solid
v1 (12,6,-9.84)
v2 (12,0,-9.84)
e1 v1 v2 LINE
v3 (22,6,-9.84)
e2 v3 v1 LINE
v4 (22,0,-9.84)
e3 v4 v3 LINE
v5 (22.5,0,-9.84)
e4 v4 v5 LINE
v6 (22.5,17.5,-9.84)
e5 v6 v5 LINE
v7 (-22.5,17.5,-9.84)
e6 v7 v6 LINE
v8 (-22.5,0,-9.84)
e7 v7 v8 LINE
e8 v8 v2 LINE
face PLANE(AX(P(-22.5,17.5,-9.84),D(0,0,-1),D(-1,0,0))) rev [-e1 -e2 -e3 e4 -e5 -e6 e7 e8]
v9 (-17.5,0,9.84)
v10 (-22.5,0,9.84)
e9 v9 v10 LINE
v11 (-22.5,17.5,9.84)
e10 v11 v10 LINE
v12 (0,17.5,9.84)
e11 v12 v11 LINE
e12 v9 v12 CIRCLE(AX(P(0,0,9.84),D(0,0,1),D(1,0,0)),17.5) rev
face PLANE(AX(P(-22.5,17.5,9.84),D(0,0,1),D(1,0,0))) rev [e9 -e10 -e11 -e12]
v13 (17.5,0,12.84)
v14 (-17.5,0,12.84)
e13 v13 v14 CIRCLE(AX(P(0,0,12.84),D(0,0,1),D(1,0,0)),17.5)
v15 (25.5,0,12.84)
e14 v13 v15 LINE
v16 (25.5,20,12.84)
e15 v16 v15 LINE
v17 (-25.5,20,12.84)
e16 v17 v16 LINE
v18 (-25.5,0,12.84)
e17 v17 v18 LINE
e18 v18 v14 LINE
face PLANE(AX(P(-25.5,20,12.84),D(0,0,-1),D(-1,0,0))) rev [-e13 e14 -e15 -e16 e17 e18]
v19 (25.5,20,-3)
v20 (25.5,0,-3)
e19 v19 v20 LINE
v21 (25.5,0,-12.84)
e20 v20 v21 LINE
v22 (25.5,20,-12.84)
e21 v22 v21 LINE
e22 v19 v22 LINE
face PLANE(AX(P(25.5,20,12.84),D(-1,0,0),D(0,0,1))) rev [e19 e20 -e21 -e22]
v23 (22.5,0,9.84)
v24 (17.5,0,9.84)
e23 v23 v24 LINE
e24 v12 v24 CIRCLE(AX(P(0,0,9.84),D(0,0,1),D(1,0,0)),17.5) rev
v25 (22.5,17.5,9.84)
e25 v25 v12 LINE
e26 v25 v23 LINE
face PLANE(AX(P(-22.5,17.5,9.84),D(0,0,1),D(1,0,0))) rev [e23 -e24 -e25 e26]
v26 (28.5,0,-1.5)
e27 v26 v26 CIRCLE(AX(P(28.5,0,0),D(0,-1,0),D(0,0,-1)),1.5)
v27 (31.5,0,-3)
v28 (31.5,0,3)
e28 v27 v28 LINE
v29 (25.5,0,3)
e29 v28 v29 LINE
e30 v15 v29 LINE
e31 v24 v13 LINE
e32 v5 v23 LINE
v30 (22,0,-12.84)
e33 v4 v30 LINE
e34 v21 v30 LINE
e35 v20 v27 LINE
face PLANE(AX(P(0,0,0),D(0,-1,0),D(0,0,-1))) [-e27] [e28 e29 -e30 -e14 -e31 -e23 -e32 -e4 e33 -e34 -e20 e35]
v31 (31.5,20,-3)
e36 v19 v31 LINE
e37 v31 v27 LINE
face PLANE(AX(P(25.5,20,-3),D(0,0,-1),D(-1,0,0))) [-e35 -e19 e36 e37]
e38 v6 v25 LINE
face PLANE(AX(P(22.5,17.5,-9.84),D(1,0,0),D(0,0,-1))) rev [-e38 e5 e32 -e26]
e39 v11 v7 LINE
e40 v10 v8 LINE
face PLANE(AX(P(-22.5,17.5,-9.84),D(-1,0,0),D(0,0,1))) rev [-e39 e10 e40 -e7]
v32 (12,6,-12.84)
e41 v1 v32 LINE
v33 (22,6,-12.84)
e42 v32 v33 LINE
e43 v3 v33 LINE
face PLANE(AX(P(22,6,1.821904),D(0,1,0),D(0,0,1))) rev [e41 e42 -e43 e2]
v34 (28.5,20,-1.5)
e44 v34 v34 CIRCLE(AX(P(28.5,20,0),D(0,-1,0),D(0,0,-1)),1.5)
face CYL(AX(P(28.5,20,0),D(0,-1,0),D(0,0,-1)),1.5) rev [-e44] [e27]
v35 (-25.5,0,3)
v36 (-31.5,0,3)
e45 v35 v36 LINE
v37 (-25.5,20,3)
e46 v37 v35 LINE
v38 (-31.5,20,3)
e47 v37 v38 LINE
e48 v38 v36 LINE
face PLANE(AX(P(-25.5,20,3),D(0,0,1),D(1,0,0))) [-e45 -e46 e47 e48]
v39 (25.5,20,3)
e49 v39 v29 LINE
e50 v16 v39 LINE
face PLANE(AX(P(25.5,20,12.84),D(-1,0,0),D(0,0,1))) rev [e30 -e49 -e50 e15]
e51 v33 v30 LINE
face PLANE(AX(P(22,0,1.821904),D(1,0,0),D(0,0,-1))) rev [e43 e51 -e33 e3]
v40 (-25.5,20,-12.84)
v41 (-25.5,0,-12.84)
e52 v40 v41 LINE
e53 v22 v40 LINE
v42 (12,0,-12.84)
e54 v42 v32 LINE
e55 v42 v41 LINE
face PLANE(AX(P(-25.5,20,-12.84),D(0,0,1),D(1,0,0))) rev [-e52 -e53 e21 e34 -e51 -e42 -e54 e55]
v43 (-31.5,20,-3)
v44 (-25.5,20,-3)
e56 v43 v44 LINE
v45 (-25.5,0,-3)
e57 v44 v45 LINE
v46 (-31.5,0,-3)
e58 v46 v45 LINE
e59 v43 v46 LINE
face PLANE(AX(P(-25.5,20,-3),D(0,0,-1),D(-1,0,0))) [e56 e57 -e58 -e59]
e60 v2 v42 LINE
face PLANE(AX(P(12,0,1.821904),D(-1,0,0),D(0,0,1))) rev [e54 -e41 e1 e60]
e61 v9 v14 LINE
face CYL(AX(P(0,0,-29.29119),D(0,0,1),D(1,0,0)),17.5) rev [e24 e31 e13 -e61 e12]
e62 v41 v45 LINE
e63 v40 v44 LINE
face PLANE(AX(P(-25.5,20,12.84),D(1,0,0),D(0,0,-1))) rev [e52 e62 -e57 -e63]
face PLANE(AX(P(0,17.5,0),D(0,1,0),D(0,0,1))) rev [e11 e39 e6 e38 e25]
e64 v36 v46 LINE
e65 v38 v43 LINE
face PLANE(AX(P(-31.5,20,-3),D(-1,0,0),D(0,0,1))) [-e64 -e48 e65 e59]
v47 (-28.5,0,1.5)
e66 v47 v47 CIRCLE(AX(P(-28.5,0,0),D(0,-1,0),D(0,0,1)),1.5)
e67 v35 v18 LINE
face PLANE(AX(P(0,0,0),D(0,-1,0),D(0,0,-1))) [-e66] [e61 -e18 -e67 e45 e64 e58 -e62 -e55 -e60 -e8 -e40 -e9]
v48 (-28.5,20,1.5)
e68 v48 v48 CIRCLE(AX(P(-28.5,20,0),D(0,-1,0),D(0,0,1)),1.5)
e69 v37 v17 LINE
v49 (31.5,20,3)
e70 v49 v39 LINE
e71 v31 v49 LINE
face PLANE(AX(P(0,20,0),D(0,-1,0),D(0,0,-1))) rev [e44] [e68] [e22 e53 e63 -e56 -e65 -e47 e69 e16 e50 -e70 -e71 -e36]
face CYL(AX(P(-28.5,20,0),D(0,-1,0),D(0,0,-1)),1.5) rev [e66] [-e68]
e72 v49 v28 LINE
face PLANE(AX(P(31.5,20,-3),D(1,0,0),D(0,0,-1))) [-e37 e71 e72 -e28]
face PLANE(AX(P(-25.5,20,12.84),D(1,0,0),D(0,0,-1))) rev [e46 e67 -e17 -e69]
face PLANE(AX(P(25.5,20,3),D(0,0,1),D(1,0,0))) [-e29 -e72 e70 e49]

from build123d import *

# Parameters (mm, degrees)
SKETCH1_W           = 51
SKETCH1_H           = 25.68
BOSS_EXTRUDE1_DEPTH = 20
SKETCH3_W           = 45
SKETCH3_H           = 19.68
CUT_EXTRUDE1_DEPTH  = 17.5
CUT_EXTRUDE2_DEPTH  = 3
SKETCH5_W           = 10
SKETCH5_H           = 6
CUT_EXTRUDE3_DEPTH  = 3
SKETCH6_W           = 6
SKETCH6_H           = 6
SKETCH6_R           = 1.5
BOSS_EXTRUDE2_DEPTH = 20


with BuildPart() as part:
    # Sketch1 → Boss-Extrude1 (new body)
    with BuildSketch(Plane(origin=(0, 0, 0), x_dir=(1, 0, 0), z_dir=(0, 1, 0))):
        Rectangle(SKETCH1_W, SKETCH1_H)
    extrude(amount=BOSS_EXTRUDE1_DEPTH)

    # Sketch3 → Cut-Extrude1 (cut)
    with BuildSketch(Plane.XZ):
        Rectangle(SKETCH3_W, SKETCH3_H)
    extrude(amount=-CUT_EXTRUDE1_DEPTH, mode=Mode.SUBTRACT)

    # Sketch4 → Cut-Extrude2 (cut)
    with BuildSketch(Plane.XY.offset(12.84)):
        with BuildLine():
            Line((-17.5, 0), (17.5, 0))
            ThreePointArc((17.5, 0), (0, 17.5), (-17.5, 0))
        make_face()
    extrude(amount=-CUT_EXTRUDE2_DEPTH, mode=Mode.SUBTRACT)

    # Sketch5 → Cut-Extrude3 (cut)
    with BuildSketch(Plane(origin=(0, 0, -12.84), x_dir=(-1, 0, 0), z_dir=(0, 0, -1))):
        with Locations((-17, 3)):
            Rectangle(SKETCH5_W, SKETCH5_H)
    extrude(amount=-CUT_EXTRUDE3_DEPTH, mode=Mode.SUBTRACT)

    # Sketch6 → Boss-Extrude2 (add)
    with BuildSketch(Plane.XZ):
        with Locations((28.5, 0)):
            Rectangle(SKETCH6_W, SKETCH6_H)
        with Locations((28.5, 0)):
            Circle(SKETCH6_R, mode=Mode.SUBTRACT)
        with Locations((-28.5, 0)):
            Rectangle(SKETCH6_W, SKETCH6_H)
        with Locations((-28.5, 0)):
            Circle(SKETCH6_R, mode=Mode.SUBTRACT)
    extrude(amount=-BOSS_EXTRUDE2_DEPTH)


solid = part.part
